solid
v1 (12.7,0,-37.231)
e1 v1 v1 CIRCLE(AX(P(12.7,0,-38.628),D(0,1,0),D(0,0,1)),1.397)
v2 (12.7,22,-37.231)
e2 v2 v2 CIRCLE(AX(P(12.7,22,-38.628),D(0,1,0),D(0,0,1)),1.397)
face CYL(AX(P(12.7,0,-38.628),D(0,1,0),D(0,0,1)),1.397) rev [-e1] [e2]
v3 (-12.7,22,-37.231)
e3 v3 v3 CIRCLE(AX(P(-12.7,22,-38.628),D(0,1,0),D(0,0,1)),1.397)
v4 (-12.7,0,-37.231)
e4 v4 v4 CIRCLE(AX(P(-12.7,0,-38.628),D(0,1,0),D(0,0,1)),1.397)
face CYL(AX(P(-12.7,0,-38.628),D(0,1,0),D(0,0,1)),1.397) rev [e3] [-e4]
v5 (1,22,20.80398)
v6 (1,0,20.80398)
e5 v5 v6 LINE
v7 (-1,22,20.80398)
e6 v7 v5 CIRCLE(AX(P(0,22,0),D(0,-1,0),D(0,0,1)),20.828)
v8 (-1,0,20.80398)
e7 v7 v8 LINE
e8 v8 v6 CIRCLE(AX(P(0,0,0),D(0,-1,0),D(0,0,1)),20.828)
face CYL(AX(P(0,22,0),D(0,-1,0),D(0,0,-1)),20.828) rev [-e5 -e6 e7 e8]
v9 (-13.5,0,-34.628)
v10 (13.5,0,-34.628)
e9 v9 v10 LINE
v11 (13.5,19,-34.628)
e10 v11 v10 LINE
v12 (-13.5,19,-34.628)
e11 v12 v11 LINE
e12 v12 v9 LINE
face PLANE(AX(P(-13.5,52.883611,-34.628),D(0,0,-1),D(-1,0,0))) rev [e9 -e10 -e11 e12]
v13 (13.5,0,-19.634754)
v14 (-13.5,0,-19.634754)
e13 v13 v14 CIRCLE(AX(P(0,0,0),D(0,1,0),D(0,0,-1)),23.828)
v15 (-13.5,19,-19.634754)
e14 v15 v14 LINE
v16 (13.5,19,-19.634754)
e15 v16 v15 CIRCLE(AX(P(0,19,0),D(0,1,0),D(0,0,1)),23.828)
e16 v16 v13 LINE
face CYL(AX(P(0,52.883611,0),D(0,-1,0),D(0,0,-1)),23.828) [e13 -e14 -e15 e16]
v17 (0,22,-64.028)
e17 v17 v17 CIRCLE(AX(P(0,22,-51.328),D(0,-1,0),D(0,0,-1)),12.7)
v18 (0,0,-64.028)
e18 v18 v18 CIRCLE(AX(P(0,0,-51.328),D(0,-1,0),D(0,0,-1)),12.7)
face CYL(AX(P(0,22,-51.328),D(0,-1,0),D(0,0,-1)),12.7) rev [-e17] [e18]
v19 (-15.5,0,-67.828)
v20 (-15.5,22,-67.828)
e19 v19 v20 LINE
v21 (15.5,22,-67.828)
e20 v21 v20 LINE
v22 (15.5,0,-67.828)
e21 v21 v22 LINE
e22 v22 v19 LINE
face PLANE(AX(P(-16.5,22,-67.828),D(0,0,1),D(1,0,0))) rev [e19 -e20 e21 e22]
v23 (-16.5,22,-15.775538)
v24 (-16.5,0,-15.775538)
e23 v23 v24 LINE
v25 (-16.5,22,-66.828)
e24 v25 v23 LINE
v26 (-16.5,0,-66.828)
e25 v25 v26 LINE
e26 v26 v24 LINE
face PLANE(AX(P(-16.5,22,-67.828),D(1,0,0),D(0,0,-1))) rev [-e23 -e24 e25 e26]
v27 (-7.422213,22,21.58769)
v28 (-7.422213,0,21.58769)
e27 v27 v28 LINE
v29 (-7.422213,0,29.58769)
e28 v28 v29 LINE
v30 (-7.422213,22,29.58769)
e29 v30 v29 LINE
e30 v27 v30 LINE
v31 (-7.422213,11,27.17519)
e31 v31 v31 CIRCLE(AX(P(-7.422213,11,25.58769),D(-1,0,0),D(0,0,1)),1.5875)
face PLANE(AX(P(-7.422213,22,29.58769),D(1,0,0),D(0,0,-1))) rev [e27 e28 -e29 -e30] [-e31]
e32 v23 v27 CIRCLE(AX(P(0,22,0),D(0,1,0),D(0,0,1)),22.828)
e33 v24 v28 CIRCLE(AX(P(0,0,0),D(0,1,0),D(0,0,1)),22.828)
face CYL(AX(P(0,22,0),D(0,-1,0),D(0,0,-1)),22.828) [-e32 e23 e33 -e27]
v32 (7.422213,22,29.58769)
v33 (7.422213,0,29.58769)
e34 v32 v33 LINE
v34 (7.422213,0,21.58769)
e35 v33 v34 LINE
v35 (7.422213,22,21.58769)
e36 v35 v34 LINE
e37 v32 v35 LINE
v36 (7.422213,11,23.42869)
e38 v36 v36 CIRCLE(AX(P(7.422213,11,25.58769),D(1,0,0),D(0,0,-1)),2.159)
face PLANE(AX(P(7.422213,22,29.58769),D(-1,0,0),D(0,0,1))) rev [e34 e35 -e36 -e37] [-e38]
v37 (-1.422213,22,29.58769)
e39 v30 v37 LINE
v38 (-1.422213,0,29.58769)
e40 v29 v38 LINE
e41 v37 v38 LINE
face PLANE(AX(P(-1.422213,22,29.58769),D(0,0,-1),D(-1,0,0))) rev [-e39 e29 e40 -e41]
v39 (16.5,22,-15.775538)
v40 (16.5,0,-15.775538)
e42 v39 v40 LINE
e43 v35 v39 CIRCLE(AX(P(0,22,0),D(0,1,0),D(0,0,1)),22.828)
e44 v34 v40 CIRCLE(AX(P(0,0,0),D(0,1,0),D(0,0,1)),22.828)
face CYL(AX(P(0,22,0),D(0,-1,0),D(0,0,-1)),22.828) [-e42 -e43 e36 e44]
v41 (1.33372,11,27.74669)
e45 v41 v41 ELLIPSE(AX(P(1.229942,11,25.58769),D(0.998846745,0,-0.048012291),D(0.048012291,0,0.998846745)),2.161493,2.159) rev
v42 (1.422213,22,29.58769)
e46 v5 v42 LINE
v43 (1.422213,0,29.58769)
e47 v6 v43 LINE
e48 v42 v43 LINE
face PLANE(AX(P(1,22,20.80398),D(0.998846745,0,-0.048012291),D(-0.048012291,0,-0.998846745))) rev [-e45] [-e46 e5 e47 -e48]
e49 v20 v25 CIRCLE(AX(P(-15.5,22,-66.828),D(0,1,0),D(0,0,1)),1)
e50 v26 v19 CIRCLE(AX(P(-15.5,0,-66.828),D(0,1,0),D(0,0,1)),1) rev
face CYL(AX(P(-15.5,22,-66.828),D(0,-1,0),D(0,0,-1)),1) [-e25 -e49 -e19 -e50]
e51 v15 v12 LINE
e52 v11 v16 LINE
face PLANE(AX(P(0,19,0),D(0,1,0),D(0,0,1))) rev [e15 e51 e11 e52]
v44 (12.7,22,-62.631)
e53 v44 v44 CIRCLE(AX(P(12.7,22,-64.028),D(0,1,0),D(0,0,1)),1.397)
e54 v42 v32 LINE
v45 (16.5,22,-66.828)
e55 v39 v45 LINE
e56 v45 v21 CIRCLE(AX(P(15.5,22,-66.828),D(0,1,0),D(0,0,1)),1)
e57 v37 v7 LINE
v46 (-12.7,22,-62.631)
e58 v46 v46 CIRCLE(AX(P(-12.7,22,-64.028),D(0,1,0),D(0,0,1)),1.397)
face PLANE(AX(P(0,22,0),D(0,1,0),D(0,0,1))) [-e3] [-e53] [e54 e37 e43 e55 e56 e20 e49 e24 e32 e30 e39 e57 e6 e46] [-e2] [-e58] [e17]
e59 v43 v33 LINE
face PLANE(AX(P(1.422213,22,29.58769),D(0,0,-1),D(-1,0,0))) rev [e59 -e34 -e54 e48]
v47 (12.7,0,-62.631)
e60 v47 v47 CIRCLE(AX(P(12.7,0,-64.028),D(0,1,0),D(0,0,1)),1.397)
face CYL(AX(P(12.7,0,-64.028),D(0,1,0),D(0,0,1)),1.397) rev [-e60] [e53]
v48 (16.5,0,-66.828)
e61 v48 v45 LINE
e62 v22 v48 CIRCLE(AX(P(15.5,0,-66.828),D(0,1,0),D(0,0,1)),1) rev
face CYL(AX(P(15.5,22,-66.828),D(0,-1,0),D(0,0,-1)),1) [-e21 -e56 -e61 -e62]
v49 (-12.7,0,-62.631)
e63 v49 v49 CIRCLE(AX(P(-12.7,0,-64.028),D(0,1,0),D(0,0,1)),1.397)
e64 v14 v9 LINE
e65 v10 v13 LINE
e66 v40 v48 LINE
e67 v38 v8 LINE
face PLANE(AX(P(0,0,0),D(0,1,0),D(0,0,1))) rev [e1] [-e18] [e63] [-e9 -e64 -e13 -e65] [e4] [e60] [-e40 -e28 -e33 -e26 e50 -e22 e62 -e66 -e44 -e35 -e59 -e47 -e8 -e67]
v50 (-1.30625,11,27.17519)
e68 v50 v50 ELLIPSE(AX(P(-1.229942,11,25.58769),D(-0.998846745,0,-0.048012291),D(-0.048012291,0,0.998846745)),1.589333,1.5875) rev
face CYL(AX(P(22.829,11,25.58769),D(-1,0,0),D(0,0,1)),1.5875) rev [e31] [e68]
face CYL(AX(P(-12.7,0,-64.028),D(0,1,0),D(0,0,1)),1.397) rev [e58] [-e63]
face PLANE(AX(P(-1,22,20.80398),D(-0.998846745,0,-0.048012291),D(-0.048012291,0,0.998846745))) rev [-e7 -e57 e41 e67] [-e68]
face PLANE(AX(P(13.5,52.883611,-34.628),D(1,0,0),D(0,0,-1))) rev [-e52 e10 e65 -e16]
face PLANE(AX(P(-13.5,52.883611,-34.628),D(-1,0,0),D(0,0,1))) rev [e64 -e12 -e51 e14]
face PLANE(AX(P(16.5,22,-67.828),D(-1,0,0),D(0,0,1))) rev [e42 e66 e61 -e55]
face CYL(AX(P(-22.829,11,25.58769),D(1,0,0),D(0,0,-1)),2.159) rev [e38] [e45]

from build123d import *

# Parameters (mm, degrees)
BOSS_EXTRUDE1_DEPTH = 22
CUT_EXTRUDE1_REACH  = 79.458
SKETCH4_R           = 1.5875
CUT_EXTRUDE2_REACH  = 79.458
SKETCH5_R           = 2.159
SKETCH7_R           = 12.7
CUT_EXTRUDE3_DEPTH  = 75.871591195
SKETCH8_R           = 1.397
CUT_EXTRUDE4_DEPTH  = 75.871591195
CUT_EXTRUDE5_DEPTH  = 19
FILLET1_R           = 1


with BuildPart() as part:
    # Sketch1 → Boss-Extrude1 (new body)
    with BuildSketch(Plane(origin=(0, 0, 0), x_dir=(1, 0, 0), z_dir=(0, 1, 0))):
        with BuildLine():
            Line((1, -20.803980004), (1.422212938, -29.587689527))
            Line((1.422212938, -29.587689527), (7.422212938, -29.587689527))
            Line((7.422212938, -29.587689527), (7.422212938, -21.587689527))
            ThreePointArc((7.422212938, -21.587689527), (22.182667824, -5.389511316), (16.5, 15.775537519))
            Line((16.5, 15.775537519), (16.5, 67.828))
            Line((16.5, 67.828), (-16.5, 67.828))
            Line((-16.5, 67.828), (-16.5, 15.775537519))
            ThreePointArc((-16.5, 15.775537519), (-22.182667824, -5.389511316), (-7.422212938, -21.587689527))
            Line((-7.422212938, -21.587689527), (-7.422212938, -29.587689527))
            Line((-7.422212938, -29.587689527), (-1.422212938, -29.587689527))
            Line((-1.422212938, -29.587689527), (-1, -20.803980004))
            ThreePointArc((-1, -20.803980004), (0, 20.828), (1, -20.803980004))
        make_face()
    extrude(amount=BOSS_EXTRUDE1_DEPTH)

    # Cut-Extrude1: up to this plane
    cut_extrude1_end = Plane(origin=(-1, 22, 20.803980004), z_dir=(-0.9988467449508261, 0, -0.04801229114653368))
    # Sketch4 → Cut-Extrude1 (cut, up to the surface)
    with BuildSketch(Plane.ZY.offset(7.422212938), mode=Mode.PRIVATE) as cut_extrude1_sk1:
        with Locations((25.587689527, 11)):
            Circle(SKETCH4_R)
    cut_extrude1_tool1 = split(extrude(cut_extrude1_sk1.sketch, amount=-CUT_EXTRUDE1_REACH, mode=Mode.PRIVATE), bisect_by=cut_extrude1_end, keep=Keep.BOTH, mode=Mode.PRIVATE)
    add(cut_extrude1_tool1.solids().sort_by_distance((-7.422213, 11, 25.58769))[0], mode=Mode.SUBTRACT)

    # Cut-Extrude2: up to this plane
    cut_extrude2_end = Plane(origin=(1, 22, 20.803980004), z_dir=(0.9988467449508261, 0, -0.04801229114653392))
    # Sketch5 → Cut-Extrude2 (cut, up to the surface)
    with BuildSketch(Plane(origin=(7.422212938, 0, 0), x_dir=(0, 0, -1), z_dir=(1, 0, 0)), mode=Mode.PRIVATE) as cut_extrude2_sk1:
        with Locations((-25.587689527, 11)):
            Circle(SKETCH5_R)
    cut_extrude2_tool1 = split(extrude(cut_extrude2_sk1.sketch, amount=-CUT_EXTRUDE2_REACH, mode=Mode.PRIVATE), bisect_by=cut_extrude2_end, keep=Keep.BOTH, mode=Mode.PRIVATE)
    add(cut_extrude2_tool1.solids().sort_by_distance((7.422213, 11, 25.58769))[0], mode=Mode.SUBTRACT)

    # Sketch7 → Cut-Extrude3 (cut, through all)
    with BuildSketch(Plane.XZ):
        with Locations(Location((0, -51.328, 0), (0, 0, 270))):
            Circle(SKETCH7_R)
    extrude(amount=-CUT_EXTRUDE3_DEPTH, mode=Mode.SUBTRACT)

    # Sketch8 → Cut-Extrude4 (cut, through all)
    with BuildSketch(Plane(origin=(0, 22, 0), x_dir=(1, 0, 0), z_dir=(0, 1, 0))):
        with Locations(Location((12.7, 64.028, 0), (0, 0, 270))):
            Circle(SKETCH8_R)
        with Locations(Location((12.7, 38.628, 0), (0, 0, 270))):
            Circle(SKETCH8_R)
        with Locations(Location((-12.7, 38.628, 0), (0, 0, 270))):
            Circle(SKETCH8_R)
        with Locations(Location((-12.7, 64.028, 0), (0, 0, 270))):
            Circle(SKETCH8_R)
    extrude(amount=-CUT_EXTRUDE4_DEPTH, mode=Mode.SUBTRACT)

    # Sketch9 → Cut-Extrude5 (cut)
    with BuildSketch(Plane.XZ):
        with BuildLine():
            Line((-13.5, -34.628), (13.5, -34.628))
            Line((13.5, -34.628), (13.5, -19.634754493))
            ThreePointArc((13.5, -19.634754493), (0, -23.828), (-13.5, -19.634754493))
            Line((-13.5, -19.634754493), (-13.5, -34.628))
        make_face()
    extrude(amount=-CUT_EXTRUDE5_DEPTH, mode=Mode.SUBTRACT)

    # Fillet1
    fillet1_edges = [part.edges().sort_by_distance(p)[0] for p in [
        (-16.5, 11, -67.828),
        (16.5, 11, -67.828),
    ]]
    fillet(fillet1_edges, radius=FILLET1_R)


solid = part.part
